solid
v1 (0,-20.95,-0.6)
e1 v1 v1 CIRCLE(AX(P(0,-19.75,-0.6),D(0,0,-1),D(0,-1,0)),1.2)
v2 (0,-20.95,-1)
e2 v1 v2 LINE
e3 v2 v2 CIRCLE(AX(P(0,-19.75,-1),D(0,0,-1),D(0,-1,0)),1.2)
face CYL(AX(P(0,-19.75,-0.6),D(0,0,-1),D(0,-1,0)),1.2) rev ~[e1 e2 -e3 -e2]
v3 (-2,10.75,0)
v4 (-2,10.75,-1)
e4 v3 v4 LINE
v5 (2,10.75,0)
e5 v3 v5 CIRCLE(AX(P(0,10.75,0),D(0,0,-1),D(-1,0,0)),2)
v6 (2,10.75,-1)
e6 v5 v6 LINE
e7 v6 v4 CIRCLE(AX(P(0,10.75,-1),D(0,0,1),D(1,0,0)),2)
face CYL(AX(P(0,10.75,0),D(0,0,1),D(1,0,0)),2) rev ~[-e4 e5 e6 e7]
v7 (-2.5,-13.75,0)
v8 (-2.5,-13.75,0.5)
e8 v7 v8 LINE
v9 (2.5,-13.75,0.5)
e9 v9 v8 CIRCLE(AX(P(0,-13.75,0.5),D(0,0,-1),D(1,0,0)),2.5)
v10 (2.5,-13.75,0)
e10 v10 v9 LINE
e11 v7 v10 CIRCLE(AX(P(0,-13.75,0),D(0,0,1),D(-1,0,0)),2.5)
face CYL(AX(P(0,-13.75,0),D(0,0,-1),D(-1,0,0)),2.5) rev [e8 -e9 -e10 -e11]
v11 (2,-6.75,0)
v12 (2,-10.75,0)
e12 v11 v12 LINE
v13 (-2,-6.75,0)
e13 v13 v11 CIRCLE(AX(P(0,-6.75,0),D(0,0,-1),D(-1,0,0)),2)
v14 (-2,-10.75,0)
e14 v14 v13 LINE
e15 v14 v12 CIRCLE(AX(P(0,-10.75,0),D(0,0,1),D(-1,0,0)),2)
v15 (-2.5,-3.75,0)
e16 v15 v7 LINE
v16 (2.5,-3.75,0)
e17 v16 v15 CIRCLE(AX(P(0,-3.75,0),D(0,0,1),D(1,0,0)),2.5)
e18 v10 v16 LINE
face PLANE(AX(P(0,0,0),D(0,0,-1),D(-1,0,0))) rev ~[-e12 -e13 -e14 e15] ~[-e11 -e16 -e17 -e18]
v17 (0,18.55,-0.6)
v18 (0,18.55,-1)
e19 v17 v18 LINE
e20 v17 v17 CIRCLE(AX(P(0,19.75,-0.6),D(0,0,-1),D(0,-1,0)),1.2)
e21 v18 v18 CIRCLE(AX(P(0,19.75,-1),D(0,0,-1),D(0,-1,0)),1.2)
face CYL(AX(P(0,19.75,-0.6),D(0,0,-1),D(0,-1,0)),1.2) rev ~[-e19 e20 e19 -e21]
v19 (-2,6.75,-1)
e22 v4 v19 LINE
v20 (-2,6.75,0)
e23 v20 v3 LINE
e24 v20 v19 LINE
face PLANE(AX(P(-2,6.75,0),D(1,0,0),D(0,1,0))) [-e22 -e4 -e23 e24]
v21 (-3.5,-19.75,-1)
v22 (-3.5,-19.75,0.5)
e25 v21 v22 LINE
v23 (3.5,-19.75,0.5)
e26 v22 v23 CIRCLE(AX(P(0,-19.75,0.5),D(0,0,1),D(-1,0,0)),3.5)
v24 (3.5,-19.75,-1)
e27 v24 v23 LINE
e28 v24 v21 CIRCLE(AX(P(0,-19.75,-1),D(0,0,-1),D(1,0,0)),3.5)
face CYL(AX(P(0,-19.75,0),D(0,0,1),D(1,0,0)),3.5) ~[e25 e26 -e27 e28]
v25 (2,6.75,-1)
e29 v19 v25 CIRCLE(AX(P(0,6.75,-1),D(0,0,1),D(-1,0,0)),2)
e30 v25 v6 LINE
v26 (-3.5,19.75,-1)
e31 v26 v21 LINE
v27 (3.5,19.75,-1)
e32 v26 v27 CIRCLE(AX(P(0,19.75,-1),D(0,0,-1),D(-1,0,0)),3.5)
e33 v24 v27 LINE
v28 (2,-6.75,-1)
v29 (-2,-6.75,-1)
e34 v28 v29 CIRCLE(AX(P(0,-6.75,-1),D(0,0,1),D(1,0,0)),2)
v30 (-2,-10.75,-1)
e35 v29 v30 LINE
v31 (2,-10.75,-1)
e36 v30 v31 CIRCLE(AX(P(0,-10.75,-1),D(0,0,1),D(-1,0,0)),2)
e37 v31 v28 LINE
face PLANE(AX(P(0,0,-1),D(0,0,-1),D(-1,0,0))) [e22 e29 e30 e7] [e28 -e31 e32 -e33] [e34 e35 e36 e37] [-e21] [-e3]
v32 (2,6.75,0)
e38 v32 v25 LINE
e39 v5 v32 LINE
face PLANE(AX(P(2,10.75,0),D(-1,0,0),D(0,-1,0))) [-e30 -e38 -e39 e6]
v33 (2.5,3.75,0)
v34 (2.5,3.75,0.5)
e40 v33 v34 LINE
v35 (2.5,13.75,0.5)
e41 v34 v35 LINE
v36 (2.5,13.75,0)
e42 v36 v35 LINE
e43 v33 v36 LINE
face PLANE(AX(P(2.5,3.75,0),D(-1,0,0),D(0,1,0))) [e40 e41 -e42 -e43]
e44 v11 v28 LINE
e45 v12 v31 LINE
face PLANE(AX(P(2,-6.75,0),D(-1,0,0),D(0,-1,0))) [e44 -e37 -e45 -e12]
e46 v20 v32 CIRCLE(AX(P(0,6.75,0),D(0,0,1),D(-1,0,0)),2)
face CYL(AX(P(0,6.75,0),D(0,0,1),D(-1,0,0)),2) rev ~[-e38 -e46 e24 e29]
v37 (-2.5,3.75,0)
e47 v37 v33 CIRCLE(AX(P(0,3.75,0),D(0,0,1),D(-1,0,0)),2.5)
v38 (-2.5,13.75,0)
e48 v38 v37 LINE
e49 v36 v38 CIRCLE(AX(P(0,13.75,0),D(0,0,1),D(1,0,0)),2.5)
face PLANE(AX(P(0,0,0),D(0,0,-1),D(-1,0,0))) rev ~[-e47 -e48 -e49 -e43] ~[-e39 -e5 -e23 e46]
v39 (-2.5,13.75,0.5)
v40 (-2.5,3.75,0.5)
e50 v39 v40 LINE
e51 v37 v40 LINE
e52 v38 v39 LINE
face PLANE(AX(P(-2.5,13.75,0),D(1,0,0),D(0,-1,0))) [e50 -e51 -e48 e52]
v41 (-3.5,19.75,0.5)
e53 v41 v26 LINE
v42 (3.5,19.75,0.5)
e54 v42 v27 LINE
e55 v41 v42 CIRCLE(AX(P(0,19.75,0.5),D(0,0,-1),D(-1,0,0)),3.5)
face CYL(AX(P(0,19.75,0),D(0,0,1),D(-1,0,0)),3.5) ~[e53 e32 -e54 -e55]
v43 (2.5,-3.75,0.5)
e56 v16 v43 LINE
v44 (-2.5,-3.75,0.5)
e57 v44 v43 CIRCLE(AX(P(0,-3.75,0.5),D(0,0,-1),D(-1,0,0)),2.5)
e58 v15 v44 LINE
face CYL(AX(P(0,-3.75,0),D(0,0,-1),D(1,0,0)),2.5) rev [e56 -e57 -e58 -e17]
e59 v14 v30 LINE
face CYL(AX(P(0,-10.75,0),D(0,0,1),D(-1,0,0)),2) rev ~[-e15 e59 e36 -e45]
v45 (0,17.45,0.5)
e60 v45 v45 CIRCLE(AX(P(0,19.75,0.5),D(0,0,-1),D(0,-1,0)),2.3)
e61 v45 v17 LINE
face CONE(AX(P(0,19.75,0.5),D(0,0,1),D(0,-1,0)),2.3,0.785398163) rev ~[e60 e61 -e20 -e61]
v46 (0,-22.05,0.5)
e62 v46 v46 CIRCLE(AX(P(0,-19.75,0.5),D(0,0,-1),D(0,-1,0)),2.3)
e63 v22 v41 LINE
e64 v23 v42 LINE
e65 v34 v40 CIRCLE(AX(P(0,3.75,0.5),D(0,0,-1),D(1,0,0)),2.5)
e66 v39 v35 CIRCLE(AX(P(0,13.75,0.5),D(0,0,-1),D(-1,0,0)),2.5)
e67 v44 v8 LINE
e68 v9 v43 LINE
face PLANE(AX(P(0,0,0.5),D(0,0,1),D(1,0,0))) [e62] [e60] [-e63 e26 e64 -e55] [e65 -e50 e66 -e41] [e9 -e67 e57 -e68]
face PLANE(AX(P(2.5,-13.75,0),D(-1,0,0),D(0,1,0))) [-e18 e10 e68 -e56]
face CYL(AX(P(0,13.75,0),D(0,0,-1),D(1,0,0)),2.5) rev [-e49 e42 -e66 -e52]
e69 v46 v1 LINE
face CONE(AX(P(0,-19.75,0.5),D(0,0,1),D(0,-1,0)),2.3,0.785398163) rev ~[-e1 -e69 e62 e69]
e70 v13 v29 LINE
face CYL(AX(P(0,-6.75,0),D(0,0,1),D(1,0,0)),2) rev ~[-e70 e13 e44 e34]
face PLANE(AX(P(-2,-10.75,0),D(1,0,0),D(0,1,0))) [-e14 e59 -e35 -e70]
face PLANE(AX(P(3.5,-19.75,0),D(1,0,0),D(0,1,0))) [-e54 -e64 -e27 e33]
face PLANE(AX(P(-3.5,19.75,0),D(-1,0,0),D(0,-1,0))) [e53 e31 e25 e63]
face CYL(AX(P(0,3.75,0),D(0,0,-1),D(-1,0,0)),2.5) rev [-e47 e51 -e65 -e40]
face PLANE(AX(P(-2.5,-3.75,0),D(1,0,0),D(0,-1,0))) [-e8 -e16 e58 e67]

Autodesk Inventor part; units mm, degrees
ref_plane "YZ Plane" through (0, 0, 0) normal (1, 0, 0) x (0, 1, 0)
ref_plane "XZ Plane" through (0, 0, 0) normal (0, 1, 0) x (-1, 0, 0)
ref_plane "XY Plane" through (0, 0, 0) normal (0, 0, 1) x (1, 0, 0)
sketch "Skizze1" plane through (0, 0, 0) normal (0, 0, 1) x (1, 0, 0)
  line L0 (-4.9, 0) -> (4.9, 0) projected
  line L1 (0, -32.55) -> (0, 32.55) projected
  line L2 (0, 5) -> (0, -5) construction
  line L3 (0, 19.75) -> (0, -19.75) construction
  line L4 (-3.5, 19.75) -> (-3.5, -19.75)
  line L5 (3.5, -19.75) -> (3.5, 19.75)
  arc A0 (3.5, 19.75) -> (-3.5, 19.75) centre (0, 19.75) ccw
  arc A1 (-3.5, -19.75) -> (3.5, -19.75) centre (0, -19.75) ccw
  line L6 (0, 3.75) -> (0, 13.75) construction
  line L7 (2.5, 3.75) -> (2.5, 13.75)
  line L8 (-2.5, 13.75) -> (-2.5, 3.75)
  arc A2 (-2.5, 3.75) -> (2.5, 3.75) centre (0, 3.75) ccw
  arc A3 (2.5, 13.75) -> (-2.5, 13.75) centre (0, 13.75) ccw
  line L9 (0, -13.75) -> (0, -3.75) construction
  line L10 (2.5, -13.75) -> (2.5, -3.75)
  line L11 (-2.5, -3.75) -> (-2.5, -13.75)
  arc A4 (-2.5, -13.75) -> (2.5, -13.75) centre (0, -13.75) ccw
  arc A5 (2.5, -3.75) -> (-2.5, -3.75) centre (0, -3.75) ccw
  point P0 (0, 0)
  point P1 (0, 0)
  point P2 (0, 0)
  point P3 (0, 8.75)
  point P4 (0, -8.75)
  dimension "d2" = 7
  dimension "d3" = 1.25
  dimension "d4" = 1.25
  dimension "d5" = 23.25
  dimension "d17" = 10
  dimension "d18" = 10
  dimension "d19" = 5
extrude "Extrusion3" add sketch "Skizze1" along normal blind 0.5 contours L4 A0 L1 A3 L8 A2 L0 | L0 L1 A5 L11 A4 A1 L4 | L1 A2 L7 A3 A0 L5 L0 | L0 L5 A1 L1 A4 L10 A5
sketch "Skizze4" plane through (0, 0, 0) normal (0, 0, -1) x (-1, 0, 0)
  line L0 (3.5, 19.75) -> (3.5, -19.75) projected
  arc A0 (3.5, 19.75) -> (-3.5, 19.75) centre (0, 19.75) ccw projected
  line L1 (-3.5, -19.75) -> (-3.5, 19.75) projected
  arc A1 (-3.5, -19.75) -> (3.5, -19.75) centre (0, -19.75) ccw projected
  point P0 (0, 0)
extrude "Extrusion4" add sketch "Skizze4" along normal blind 1
sketch "Skizze5" plane through (0, 0, 0.5) normal (0, 0, 1) x (1, 0, 0)
  arc A0 (-3.5, -19.75) -> (3.5, -19.75) centre (0, -19.75) ccw projected
  arc A1 (3.5, 19.75) -> (-3.5, 19.75) centre (0, 19.75) ccw projected
  point P0 (0, 0)
hole "Bohrung2" at (0, 19.75, 0.5) at (0, -19.75, 0.5) direction (0, 0, -1) diameter 2.4 end through all countersink diameter 4.6 countersink angle 90
sketch "Skizze6" plane through (0, 0, 0) normal (0, 0, 1) x (1, 0, 0)
  arc A0 (-2.5, -13.75) -> (2.5, -13.75) centre (0, -13.75) ccw projected
  arc A1 (2.5, -3.75) -> (-2.5, -3.75) centre (0, -3.75) ccw projected
  line L0 (-2.5, -3.75) -> (-2.5, -13.75) projected
  line L1 (0, -3.75) -> (0, -13.75)
  line L2 (0, -13.75) -> (0, -8.75)
  line L3 (0, -8.75) -> (-1.5, -8.75)
  line L4 (0, -6.75) -> (0, -10.75) construction
  line L5 (2, -6.75) -> (2, -10.75)
  line L6 (-2, -10.75) -> (-2, -6.75)
  arc A2 (2, -6.75) -> (-2, -6.75) centre (0, -6.75) ccw
  arc A3 (-2, -10.75) -> (2, -10.75) centre (0, -10.75) ccw
  point P0 (0, 0)
  dimension "d32" = 8
  dimension "d33" = 4
extrude "Extrusion5" cut sketch "Skizze6" against normal through all
pattern_linear "Rechteckige Anordnung1" count 2 spacing 17.5 along (0, 1, 0) of "Extrusion5"
properties part number "13_1087_019"
